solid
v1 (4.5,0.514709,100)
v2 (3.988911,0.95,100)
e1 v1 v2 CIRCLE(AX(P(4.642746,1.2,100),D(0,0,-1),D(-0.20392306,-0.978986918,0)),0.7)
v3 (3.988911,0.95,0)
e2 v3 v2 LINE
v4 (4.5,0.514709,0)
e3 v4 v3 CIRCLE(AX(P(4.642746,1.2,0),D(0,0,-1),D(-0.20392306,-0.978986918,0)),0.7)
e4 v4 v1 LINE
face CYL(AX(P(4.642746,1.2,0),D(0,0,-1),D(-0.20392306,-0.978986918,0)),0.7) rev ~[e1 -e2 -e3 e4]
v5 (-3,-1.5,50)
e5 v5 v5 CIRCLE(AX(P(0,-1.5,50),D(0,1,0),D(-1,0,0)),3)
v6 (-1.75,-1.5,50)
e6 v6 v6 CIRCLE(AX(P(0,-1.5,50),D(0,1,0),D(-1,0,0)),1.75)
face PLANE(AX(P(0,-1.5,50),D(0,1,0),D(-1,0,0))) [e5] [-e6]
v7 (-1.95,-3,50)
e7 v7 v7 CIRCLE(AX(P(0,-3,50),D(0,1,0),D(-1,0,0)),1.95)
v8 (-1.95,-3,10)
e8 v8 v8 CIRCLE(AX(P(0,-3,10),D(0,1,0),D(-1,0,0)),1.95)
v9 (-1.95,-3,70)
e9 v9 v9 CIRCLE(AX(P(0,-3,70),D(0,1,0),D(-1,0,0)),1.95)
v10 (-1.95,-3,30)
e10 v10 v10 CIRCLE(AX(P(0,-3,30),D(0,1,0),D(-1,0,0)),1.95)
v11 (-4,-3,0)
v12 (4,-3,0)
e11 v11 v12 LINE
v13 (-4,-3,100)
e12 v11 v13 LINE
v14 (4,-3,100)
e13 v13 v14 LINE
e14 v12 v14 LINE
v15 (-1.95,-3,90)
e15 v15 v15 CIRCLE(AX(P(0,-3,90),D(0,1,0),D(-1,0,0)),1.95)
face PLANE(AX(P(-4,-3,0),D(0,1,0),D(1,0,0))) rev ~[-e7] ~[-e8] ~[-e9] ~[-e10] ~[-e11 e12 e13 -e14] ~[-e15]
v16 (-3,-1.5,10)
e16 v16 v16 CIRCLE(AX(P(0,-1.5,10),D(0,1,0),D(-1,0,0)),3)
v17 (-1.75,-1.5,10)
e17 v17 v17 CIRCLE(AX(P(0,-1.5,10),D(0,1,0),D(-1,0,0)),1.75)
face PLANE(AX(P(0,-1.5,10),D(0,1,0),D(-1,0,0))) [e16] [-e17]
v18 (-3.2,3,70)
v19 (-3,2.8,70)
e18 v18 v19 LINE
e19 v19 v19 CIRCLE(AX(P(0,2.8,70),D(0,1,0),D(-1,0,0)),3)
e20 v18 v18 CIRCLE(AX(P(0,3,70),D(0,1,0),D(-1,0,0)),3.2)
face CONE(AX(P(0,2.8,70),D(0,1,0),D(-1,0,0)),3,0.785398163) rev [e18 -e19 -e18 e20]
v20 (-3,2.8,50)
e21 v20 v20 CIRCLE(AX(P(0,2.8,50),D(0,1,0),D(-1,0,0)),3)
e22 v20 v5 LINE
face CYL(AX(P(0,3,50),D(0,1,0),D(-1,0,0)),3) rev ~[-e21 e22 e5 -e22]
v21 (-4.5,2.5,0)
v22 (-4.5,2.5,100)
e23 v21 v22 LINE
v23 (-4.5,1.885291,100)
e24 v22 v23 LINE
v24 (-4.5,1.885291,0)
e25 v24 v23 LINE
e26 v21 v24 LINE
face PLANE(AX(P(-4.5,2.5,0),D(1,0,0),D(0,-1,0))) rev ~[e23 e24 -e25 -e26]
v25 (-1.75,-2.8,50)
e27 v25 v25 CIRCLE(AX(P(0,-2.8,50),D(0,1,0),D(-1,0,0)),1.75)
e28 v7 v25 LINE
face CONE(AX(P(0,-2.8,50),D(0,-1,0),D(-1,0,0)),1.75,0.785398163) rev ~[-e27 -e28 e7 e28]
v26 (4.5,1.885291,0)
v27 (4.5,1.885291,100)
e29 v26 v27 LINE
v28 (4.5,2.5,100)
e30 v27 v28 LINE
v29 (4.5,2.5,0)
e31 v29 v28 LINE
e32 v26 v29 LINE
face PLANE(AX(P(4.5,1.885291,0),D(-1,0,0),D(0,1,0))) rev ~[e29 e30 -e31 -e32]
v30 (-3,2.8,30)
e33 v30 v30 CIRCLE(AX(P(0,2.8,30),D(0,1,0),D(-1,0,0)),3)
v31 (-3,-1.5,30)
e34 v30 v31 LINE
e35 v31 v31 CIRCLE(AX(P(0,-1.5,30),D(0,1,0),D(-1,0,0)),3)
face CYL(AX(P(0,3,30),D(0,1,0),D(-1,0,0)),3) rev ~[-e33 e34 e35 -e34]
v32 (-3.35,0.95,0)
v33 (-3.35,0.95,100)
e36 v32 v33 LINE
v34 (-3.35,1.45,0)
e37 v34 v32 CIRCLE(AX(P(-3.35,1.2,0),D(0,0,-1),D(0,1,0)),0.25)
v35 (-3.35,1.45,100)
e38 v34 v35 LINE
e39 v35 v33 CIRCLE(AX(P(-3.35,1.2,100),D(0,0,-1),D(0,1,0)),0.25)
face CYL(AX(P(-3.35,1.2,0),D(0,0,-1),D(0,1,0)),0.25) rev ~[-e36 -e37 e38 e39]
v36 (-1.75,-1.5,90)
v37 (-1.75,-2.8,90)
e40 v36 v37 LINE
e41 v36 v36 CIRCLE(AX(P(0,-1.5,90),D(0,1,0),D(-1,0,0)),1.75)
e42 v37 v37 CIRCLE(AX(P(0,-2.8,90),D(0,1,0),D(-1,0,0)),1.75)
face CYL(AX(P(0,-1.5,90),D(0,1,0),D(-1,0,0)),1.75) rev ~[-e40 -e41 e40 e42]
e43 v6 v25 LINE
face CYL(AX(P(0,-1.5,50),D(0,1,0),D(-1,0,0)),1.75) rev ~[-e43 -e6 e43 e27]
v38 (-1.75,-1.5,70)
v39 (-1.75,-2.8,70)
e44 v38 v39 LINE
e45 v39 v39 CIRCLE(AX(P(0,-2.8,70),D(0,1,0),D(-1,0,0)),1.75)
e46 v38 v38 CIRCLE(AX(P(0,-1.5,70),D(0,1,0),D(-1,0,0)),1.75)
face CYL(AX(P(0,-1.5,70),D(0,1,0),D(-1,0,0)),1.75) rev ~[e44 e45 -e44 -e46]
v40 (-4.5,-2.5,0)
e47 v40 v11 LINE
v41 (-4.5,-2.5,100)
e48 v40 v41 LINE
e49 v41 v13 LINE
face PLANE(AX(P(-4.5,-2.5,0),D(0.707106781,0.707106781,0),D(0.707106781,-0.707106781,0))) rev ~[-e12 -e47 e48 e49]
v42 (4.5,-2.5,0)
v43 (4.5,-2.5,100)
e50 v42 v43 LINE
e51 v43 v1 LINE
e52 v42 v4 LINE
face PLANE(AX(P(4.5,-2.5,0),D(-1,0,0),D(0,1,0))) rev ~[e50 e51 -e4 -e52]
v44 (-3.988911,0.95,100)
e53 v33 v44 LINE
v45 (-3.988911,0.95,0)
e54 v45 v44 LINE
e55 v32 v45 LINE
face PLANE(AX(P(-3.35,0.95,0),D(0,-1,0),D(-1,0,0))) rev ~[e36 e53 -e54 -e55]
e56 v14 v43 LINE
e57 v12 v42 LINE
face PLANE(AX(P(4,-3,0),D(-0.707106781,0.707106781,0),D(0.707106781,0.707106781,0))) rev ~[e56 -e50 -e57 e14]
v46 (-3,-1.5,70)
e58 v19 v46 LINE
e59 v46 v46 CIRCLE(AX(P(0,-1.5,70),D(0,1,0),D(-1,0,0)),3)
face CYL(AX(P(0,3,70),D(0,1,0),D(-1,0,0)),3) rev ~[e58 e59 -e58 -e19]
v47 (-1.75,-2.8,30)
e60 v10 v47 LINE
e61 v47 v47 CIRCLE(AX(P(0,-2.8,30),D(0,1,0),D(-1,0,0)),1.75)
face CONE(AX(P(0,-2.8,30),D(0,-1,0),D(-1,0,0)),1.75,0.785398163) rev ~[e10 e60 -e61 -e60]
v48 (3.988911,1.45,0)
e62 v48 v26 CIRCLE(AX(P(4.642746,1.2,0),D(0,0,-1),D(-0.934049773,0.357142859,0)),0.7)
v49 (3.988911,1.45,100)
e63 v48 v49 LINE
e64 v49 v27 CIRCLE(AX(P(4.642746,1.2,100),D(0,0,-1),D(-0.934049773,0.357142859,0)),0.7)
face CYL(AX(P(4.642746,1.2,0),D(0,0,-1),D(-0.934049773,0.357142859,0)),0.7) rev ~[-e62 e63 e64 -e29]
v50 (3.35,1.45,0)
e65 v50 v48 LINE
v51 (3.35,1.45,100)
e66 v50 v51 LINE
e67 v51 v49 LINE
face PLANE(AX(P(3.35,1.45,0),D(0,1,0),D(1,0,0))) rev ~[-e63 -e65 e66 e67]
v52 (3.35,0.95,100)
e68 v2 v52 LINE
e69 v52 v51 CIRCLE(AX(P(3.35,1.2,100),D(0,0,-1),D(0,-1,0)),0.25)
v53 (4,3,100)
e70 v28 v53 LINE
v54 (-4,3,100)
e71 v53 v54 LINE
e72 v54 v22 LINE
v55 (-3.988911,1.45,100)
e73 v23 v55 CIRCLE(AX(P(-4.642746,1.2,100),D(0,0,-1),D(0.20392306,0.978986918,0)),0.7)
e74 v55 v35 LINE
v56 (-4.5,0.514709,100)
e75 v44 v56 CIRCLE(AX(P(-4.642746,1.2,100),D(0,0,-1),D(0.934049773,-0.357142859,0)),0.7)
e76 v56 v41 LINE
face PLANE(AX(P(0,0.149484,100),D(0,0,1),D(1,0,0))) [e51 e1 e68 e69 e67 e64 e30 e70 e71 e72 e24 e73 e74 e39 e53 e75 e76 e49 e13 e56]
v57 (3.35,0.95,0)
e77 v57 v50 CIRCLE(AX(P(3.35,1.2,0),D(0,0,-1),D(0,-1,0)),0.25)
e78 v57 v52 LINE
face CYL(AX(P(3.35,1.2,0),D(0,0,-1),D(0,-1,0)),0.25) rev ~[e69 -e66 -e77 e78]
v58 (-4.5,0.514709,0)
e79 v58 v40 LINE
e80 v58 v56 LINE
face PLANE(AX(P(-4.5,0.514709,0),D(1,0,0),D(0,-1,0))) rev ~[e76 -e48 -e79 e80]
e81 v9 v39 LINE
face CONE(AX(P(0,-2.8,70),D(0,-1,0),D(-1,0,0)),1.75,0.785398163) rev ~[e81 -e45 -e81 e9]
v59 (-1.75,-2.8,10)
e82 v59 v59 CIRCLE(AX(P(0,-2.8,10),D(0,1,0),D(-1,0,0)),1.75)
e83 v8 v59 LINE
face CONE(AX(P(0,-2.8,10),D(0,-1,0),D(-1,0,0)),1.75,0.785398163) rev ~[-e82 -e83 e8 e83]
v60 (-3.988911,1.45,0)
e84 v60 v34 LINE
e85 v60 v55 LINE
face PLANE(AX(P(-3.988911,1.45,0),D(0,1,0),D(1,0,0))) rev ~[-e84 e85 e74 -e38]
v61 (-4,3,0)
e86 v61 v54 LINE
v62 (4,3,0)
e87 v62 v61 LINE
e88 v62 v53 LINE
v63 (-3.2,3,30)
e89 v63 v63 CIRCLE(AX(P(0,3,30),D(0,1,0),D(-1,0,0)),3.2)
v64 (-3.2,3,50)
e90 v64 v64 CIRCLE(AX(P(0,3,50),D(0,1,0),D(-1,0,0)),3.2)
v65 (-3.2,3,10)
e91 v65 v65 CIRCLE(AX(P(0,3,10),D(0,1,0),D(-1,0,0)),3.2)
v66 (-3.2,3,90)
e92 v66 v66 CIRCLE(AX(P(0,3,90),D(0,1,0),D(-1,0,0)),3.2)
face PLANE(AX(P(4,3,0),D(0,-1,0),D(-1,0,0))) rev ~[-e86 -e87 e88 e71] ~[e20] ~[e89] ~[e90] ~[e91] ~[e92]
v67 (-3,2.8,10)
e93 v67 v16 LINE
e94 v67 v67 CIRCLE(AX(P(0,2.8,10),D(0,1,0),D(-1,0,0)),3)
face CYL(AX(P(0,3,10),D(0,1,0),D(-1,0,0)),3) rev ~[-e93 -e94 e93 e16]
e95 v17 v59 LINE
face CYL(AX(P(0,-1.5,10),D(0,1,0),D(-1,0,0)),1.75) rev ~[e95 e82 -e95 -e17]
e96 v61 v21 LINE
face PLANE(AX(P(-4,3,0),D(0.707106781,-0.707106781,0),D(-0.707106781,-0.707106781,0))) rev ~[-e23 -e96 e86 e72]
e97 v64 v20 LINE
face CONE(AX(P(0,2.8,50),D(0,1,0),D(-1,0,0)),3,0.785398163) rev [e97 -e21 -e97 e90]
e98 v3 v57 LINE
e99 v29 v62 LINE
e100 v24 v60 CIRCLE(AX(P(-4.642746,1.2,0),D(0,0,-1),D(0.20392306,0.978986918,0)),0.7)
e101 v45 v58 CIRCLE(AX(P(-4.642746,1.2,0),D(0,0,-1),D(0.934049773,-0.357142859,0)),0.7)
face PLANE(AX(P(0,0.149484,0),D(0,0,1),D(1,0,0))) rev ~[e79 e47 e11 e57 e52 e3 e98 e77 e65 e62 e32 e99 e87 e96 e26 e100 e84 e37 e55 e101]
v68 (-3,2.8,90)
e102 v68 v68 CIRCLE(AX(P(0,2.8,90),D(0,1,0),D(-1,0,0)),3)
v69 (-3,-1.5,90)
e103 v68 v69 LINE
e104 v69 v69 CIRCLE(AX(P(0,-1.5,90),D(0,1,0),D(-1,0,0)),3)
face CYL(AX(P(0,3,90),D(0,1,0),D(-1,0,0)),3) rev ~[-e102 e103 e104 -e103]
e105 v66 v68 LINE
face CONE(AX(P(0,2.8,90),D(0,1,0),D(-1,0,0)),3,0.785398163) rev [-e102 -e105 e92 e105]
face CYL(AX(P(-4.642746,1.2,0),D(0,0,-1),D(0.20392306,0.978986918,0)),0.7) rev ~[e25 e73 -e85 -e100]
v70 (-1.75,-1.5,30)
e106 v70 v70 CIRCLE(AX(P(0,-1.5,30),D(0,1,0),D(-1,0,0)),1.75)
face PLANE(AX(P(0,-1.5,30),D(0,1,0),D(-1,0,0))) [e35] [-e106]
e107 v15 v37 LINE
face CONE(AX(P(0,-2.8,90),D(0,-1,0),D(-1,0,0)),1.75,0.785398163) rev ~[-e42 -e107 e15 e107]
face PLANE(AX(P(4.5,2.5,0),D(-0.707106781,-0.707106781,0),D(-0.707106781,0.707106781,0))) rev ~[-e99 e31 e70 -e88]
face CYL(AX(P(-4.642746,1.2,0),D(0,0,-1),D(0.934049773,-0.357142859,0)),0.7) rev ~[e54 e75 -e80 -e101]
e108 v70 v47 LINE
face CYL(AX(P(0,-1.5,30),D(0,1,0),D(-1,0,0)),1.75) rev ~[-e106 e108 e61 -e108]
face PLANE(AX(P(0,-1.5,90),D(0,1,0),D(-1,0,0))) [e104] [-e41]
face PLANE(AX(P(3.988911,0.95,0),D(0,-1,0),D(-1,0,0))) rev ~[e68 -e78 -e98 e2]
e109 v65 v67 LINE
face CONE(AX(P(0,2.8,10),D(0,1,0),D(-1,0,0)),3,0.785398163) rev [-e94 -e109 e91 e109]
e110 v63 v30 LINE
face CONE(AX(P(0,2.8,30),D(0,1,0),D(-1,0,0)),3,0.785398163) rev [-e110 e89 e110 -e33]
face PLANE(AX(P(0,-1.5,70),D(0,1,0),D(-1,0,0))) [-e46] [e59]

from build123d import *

# Parameters (mm, degrees)
BOSS_EXTRUDE1_DEPTH        = 100
SKETCH2_R                  = 3
CUT_EXTRUDE1_DEPTH         = 4.5
SKETCH3_R                  = 1.75
CUT_EXTRUDE2_DEPTH         = 101.202295383
CHAMFER1_SIZE              = 0.2
LPATTERN1_COUNT            = 5
LPATTERN1_PITCH            = 20
CHAMFER1_OF_LPATTERN1_SIZE = 0.2


with BuildPart() as part:
    # Sketch1 → Boss-Extrude1 (new body)
    with BuildSketch(Plane.XY):
        with BuildLine():
            Line((4.5, -2.5), (4.5, 0.514709157))
            ThreePointArc((4.5, 0.514709157), (4.188868575, 0.667088042), (3.988911299, 0.95))
            Line((3.988911299, 0.95), (3.35, 0.95))
            ThreePointArc((3.35, 0.95), (3.1, 1.2), (3.35, 1.45))
            Line((3.35, 1.45), (3.988911299, 1.45))
            ThreePointArc((3.988911299, 1.45), (4.188868575, 1.732911958), (4.5, 1.885290843))
            Line((4.5, 1.885290843), (4.5, 2.5))
            Line((4.5, 2.5), (4, 3))
            Line((4, 3), (-4, 3))
            Line((-4, 3), (-4.5, 2.5))
            Line((-4.5, 2.5), (-4.5, 1.885290843))
            ThreePointArc((-4.5, 1.885290843), (-4.188868575, 1.732911958), (-3.988911299, 1.45))
            Line((-3.988911299, 1.45), (-3.35, 1.45))
            ThreePointArc((-3.35, 1.45), (-3.1, 1.2), (-3.35, 0.95))
            Line((-3.35, 0.95), (-3.988911299, 0.95))
            ThreePointArc((-3.988911299, 0.95), (-4.188868575, 0.667088042), (-4.5, 0.514709157))
            Line((-4.5, 0.514709157), (-4.5, -2.5))
            Line((-4.5, -2.5), (-4, -3))
            Line((-4, -3), (4, -3))
            Line((4, -3), (4.5, -2.5))
        make_face()
    extrude(amount=BOSS_EXTRUDE1_DEPTH)

    # Sketch2 → Cut-Extrude1 (cut)
    with BuildSketch(Plane(origin=(0, 3, 0), x_dir=(1, 0, 0), z_dir=(0, 1, 0))):
        with Locations(Location((0, -10, 0), (0, 0, 180))):
            Circle(SKETCH2_R)
    cut_extrude1 = extrude(amount=-CUT_EXTRUDE1_DEPTH, mode=Mode.SUBTRACT)

    # Sketch3 → Cut-Extrude2 (cut, through all)
    with BuildSketch(Plane(origin=(0, -1.5, 0), x_dir=(1, 0, 0), z_dir=(0, 1, 0))):
        with Locations(Location((0, -10, 0), (0, 0, 180))):
            Circle(SKETCH3_R)
    cut_extrude2 = extrude(amount=-CUT_EXTRUDE2_DEPTH, mode=Mode.SUBTRACT)

    # Chamfer1
    chamfer1_edges = [part.edges().sort_by_distance(p)[0] for p in [
        (3, 3, 10),
        (1.75, -3, 10),
    ]]
    chamfer(chamfer1_edges, length=CHAMFER1_SIZE)

    # LPattern1: Cut-Extrude1, Cut-Extrude2 ×5
    with Locations(*[(0, 0, i * LPATTERN1_PITCH) for i in range(1, LPATTERN1_COUNT)]):
        add(cut_extrude1, mode=Mode.SUBTRACT)
        add(cut_extrude2, mode=Mode.SUBTRACT)

    # Chamfer1 of LPattern1
    chamfer1_of_lpattern1_edges = [part.edges().sort_by_distance(p)[0] for p in [
        (3, 3, 30),
        (1.75, -3, 30),
        (3, 3, 50),
        (1.75, -3, 50),
        (3, 3, 70),
        (1.75, -3, 70),
        (3, 3, 90),
        (1.75, -3, 90),
    ]]
    chamfer(chamfer1_of_lpattern1_edges, length=CHAMFER1_OF_LPATTERN1_SIZE)


solid = part.part
